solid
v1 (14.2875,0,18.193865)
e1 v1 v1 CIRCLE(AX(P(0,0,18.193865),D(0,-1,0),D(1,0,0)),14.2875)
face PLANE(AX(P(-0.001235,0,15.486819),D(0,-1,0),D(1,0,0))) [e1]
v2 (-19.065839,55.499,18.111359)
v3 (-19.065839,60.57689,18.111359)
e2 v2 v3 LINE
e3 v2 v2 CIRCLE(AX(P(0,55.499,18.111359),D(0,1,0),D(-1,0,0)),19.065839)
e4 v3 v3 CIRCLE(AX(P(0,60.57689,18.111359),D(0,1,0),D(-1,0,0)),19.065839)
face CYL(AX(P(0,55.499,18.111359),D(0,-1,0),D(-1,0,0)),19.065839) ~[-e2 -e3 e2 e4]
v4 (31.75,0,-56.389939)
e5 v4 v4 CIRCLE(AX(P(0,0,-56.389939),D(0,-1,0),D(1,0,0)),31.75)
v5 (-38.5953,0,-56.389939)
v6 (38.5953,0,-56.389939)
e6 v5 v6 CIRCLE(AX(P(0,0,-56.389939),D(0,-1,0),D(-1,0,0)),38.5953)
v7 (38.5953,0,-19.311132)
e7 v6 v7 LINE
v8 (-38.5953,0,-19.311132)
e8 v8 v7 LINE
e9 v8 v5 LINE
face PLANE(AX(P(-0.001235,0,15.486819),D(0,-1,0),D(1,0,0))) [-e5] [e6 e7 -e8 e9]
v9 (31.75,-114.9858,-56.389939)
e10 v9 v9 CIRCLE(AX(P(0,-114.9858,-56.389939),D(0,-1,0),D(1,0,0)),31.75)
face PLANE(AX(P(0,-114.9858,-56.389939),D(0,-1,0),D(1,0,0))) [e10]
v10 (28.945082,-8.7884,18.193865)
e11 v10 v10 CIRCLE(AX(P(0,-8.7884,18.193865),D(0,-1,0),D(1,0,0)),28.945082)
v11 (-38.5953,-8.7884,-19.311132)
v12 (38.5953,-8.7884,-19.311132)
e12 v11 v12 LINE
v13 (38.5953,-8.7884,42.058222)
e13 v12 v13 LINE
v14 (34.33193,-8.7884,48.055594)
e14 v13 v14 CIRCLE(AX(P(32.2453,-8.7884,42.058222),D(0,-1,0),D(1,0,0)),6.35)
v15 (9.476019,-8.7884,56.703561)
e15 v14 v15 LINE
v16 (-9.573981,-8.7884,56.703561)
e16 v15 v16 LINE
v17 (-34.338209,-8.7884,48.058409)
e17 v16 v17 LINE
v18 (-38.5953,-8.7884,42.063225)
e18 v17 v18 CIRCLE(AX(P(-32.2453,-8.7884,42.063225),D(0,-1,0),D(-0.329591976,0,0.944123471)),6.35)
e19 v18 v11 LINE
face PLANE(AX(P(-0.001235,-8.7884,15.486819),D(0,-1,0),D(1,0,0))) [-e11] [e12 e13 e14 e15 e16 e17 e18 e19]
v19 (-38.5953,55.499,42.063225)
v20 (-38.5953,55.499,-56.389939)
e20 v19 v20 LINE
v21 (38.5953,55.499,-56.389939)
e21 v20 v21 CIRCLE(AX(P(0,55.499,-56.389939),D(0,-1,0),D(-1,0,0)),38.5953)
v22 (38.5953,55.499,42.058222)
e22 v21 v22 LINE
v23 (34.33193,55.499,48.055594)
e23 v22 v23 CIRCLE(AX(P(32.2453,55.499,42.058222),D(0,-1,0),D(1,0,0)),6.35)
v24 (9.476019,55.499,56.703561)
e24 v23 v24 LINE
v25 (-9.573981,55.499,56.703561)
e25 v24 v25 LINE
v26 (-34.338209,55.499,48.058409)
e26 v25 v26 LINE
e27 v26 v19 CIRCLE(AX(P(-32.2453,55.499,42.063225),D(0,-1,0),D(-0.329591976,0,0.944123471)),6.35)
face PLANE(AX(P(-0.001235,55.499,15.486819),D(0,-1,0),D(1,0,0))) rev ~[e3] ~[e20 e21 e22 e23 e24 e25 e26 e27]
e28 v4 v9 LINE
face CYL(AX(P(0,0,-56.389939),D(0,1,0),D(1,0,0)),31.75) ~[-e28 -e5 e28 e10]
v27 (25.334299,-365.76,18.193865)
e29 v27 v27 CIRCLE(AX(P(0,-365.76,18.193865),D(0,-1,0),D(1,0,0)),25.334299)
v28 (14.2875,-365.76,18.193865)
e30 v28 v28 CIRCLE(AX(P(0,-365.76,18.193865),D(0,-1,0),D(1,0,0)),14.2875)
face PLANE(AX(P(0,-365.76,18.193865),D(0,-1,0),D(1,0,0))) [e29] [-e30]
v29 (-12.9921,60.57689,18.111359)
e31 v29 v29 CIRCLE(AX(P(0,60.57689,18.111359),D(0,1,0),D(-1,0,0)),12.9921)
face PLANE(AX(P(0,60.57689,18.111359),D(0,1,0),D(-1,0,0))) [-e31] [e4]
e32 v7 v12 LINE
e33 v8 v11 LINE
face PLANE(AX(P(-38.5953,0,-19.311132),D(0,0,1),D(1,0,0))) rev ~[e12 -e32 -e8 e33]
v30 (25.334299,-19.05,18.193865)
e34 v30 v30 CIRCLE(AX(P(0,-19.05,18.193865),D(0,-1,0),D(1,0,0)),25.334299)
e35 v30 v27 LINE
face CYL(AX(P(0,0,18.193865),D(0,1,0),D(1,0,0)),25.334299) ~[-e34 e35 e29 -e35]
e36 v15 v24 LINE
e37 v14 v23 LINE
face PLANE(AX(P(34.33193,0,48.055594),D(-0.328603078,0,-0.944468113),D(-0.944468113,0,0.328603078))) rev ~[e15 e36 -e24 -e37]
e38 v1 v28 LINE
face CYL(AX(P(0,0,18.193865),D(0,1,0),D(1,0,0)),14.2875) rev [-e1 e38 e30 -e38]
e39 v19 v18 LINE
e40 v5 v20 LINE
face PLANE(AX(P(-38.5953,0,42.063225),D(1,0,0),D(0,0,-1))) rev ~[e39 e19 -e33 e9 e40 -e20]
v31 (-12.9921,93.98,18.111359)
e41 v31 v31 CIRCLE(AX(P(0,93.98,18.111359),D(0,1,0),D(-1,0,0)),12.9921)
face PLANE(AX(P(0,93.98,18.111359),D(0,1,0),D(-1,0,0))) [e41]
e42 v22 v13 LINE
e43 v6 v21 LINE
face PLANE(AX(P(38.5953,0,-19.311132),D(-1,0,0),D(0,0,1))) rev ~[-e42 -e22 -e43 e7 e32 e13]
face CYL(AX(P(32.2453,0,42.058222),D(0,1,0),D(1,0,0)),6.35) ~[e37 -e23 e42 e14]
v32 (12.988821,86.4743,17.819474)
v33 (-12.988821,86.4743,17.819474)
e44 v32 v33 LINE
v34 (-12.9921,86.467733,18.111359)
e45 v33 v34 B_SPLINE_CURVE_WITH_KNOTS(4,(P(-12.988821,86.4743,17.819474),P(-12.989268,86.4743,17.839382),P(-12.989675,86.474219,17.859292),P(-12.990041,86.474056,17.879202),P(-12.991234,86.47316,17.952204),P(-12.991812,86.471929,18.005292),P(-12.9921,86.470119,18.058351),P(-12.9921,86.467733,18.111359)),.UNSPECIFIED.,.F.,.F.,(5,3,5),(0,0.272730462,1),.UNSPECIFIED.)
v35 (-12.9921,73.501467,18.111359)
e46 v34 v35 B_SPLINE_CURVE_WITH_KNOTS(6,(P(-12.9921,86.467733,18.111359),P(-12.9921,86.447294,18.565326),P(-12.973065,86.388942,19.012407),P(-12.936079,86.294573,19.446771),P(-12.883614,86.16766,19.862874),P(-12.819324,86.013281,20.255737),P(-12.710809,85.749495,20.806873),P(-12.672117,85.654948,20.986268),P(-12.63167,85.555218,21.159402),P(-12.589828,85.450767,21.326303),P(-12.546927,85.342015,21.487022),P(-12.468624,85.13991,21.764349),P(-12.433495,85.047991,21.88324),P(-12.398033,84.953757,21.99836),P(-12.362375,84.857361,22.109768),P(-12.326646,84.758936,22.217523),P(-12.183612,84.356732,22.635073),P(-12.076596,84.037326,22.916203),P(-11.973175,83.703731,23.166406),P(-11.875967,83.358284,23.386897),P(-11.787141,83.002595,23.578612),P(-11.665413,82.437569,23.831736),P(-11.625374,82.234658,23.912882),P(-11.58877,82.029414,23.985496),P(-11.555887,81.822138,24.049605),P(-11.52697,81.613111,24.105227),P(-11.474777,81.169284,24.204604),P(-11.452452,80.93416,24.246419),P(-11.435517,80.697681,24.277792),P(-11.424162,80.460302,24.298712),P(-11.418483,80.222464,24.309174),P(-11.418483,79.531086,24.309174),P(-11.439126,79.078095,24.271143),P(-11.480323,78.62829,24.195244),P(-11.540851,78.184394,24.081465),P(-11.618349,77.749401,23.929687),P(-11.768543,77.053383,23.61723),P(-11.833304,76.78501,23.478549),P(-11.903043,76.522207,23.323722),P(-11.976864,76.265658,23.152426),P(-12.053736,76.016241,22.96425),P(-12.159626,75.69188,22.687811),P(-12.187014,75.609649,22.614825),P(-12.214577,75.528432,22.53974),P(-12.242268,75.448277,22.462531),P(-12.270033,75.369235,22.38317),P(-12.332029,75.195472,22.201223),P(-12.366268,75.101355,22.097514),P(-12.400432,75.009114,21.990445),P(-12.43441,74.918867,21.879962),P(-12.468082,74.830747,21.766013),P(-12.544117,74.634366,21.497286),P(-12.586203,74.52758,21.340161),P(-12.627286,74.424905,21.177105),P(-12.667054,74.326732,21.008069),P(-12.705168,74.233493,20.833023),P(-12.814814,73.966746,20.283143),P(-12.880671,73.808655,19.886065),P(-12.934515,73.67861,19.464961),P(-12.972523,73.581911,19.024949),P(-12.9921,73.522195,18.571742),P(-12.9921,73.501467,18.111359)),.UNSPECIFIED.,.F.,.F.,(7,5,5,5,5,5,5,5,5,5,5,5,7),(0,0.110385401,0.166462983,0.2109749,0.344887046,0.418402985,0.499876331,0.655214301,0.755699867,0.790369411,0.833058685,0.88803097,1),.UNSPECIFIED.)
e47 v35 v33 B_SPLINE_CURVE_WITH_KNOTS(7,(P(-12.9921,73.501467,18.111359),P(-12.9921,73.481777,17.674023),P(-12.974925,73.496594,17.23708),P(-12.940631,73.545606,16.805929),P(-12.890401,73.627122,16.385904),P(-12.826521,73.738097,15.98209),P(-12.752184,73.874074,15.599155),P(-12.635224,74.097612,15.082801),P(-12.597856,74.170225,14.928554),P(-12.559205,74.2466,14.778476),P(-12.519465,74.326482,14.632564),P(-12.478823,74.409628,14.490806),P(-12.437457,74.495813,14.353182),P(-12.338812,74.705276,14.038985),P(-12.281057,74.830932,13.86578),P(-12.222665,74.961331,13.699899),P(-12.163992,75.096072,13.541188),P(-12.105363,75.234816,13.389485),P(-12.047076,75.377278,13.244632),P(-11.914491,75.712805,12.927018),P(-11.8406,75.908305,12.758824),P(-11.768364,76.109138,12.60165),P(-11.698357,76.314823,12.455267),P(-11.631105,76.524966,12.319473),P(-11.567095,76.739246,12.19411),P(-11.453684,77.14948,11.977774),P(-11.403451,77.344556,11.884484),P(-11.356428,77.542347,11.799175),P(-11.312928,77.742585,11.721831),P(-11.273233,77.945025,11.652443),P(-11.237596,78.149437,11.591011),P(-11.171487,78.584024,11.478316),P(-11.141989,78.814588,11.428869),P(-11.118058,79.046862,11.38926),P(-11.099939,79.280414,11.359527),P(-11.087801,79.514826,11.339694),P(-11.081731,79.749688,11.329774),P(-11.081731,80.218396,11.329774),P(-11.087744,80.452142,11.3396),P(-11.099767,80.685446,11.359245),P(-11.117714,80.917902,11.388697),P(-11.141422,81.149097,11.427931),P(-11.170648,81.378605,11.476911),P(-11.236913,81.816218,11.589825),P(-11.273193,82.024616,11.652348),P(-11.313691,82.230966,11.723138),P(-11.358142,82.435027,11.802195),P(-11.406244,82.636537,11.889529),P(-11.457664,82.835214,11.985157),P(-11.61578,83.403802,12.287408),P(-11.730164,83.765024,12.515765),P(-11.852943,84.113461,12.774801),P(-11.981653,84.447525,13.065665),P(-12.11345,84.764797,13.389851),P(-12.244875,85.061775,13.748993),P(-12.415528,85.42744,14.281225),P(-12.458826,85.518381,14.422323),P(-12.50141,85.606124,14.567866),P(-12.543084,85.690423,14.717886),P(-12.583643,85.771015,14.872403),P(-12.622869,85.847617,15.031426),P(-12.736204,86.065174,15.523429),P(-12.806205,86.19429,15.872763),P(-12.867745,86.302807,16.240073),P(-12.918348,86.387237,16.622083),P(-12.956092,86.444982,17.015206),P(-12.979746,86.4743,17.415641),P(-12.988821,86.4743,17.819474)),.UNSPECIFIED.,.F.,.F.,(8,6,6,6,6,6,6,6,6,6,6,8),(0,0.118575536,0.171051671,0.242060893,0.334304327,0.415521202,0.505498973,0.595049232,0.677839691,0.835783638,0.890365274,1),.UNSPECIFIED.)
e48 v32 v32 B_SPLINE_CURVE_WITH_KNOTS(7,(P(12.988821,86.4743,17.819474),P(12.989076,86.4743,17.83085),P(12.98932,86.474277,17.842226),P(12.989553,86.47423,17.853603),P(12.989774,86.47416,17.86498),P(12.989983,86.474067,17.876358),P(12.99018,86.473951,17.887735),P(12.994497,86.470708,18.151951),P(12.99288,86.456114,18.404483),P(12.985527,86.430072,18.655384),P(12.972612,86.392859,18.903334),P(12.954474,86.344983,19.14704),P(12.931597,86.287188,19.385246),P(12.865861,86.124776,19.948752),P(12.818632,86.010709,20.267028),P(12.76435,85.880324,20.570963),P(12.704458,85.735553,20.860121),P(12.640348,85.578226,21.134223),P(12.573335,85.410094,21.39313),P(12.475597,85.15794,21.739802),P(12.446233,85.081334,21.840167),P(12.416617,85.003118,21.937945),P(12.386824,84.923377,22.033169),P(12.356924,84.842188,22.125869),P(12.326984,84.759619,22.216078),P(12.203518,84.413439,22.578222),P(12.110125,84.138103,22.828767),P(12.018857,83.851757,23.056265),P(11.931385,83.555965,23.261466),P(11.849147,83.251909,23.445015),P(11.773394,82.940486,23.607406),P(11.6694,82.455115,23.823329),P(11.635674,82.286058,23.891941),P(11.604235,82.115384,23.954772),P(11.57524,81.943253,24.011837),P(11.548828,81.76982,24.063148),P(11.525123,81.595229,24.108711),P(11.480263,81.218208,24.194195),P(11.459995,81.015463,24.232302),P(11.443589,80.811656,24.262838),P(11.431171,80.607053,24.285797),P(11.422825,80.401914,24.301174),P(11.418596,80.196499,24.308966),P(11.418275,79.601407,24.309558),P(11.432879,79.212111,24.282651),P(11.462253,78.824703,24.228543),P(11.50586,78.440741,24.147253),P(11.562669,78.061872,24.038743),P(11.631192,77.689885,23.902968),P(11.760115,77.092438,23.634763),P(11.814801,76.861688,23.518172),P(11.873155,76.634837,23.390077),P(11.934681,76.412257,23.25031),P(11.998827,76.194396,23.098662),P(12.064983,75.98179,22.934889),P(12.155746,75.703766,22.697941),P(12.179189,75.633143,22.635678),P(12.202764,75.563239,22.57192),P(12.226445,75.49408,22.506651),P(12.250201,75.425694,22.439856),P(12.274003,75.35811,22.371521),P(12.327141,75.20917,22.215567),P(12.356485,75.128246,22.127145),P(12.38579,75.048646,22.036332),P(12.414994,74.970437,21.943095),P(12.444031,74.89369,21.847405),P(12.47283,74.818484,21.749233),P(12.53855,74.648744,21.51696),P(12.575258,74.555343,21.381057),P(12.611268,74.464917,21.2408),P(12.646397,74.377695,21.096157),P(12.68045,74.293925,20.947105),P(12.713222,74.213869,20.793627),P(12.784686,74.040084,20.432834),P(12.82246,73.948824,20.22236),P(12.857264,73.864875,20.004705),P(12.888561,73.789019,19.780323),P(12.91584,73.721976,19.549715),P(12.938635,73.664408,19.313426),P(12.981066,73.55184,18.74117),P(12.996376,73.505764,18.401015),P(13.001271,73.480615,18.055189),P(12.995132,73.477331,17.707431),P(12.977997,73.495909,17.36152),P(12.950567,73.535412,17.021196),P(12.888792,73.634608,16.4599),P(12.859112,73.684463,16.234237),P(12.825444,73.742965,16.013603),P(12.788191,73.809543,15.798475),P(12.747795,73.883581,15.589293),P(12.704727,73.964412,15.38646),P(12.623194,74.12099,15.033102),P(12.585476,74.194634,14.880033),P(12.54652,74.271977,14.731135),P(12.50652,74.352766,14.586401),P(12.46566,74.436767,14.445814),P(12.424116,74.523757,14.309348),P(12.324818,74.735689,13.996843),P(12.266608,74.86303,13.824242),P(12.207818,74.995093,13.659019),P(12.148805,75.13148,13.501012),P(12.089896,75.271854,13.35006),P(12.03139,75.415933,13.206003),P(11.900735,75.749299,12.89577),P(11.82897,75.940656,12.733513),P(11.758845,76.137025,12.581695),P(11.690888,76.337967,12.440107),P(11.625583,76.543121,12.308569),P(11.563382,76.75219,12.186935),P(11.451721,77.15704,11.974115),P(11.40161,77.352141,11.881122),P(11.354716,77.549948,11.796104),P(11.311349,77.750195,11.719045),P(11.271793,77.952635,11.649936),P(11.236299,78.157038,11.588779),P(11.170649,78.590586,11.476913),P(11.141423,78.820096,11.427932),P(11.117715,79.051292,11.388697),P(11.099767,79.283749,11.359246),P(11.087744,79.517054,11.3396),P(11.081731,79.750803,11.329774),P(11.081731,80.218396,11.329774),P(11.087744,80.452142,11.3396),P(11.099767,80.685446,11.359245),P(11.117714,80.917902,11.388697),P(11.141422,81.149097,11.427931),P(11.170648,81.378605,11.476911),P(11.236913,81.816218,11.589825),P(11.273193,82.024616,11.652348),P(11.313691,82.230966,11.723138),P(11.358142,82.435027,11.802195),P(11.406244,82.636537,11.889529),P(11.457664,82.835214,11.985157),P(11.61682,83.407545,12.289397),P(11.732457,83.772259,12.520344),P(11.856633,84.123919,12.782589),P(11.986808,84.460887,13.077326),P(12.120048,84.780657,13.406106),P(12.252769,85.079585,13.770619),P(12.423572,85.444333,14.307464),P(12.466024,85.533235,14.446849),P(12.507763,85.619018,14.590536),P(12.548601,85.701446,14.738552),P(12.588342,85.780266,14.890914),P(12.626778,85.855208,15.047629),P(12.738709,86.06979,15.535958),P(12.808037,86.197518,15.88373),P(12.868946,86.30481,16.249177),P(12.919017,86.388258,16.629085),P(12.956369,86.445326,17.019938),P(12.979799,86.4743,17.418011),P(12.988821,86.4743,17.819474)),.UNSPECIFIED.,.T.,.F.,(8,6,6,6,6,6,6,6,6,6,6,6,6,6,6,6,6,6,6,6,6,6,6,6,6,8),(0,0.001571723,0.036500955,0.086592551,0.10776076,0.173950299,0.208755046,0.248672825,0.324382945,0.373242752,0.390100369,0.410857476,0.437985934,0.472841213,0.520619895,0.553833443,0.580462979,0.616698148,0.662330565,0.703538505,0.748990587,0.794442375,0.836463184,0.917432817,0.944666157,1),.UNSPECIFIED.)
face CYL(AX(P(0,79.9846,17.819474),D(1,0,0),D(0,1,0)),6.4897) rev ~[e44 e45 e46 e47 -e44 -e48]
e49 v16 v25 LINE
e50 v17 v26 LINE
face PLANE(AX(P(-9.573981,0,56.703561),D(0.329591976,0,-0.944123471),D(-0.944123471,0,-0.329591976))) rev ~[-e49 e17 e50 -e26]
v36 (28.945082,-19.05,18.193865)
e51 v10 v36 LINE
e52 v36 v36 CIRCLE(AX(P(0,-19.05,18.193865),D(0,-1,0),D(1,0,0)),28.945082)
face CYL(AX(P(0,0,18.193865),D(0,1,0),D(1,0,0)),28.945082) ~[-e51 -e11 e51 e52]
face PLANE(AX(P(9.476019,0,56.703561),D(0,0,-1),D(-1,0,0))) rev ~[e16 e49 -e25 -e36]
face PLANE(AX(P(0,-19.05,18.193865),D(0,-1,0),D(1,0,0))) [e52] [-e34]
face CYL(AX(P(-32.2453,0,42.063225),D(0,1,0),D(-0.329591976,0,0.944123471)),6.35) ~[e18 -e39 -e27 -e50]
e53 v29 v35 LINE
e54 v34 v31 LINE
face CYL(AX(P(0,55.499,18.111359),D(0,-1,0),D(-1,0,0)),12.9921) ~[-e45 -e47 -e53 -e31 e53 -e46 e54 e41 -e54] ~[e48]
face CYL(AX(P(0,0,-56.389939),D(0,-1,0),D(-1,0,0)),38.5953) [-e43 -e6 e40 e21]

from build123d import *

# Parameters (mm, degrees)
F0_R      = 28.9450820598
F0_R_2    = 31.75
F0_R_3    = 25.3342985941
F0_R_4    = 14.2875
F1_DEPTH  = 55.499
F2_DEPTH  = 114.9858
F3_DEPTH  = 365.76
F4_DEPTH  = 8.7884
F5_DEPTH  = 19.05
F6_R      = 12.9921
F7_DEPTH  = 38.481
F6_R_2    = 19.0658392813
F8_DEPTH  = 5.07789
F9_R      = 6.4897
F10_DEPTH = 25.4
F11_DEPTH = 25.4


with BuildPart() as f1:
    # F0 (on Front) → F1 (new body)
    with BuildSketch(Plane.XZ):
        with BuildLine():
            ThreePointArc((-34.3382090481, 48.0584091192), (-37.4227739234, 45.7396722427), (-38.5953, 42.0632250756))
            Line((-38.5953, 42.0632250756), (-38.5953, -19.3111319095))
            Line((-38.5953, -19.3111319095), (38.5953, -19.3111319095))
            Line((38.5953, -19.3111319095), (38.5953, 42.0582217318))
            ThreePointArc((38.5953, 42.0582217318), (37.4208481647, 45.7373794064), (34.331929545, 48.0555942517))
            Line((34.331929545, 48.0555942517), (9.4760187225, 56.7035609601))
            Line((9.4760187225, 56.7035609601), (-9.5739812775, 56.7035609601))
            Line((-9.5739812775, 56.7035609601), (-34.3382090481, 48.0584091192))
        make_face()
        with Locations((0, 18.1938651949)):
            Circle(F0_R, mode=Mode.SUBTRACT)
        with BuildLine():
            Line((38.5953, -19.3111319095), (-38.5953, -19.3111319095))
            Line((-38.5953, -19.3111319095), (-38.5953, -56.3899390399))
            ThreePointArc((-38.5953, -56.3899390399), (0, -94.9852390399), (38.5953, -56.3899390399))
            Line((38.5953, -56.3899390399), (38.5953, -19.3111319095))
        make_face()
        with Locations((0, -56.3899390399)):
            Circle(F0_R_2, mode=Mode.SUBTRACT)
        with Locations((0, -56.3899390399)):
            Circle(F0_R_2)
        with Locations((0, 18.1938651949)):
            Circle(F0_R)
        with Locations((0, 18.1938651949)):
            Circle(F0_R_3, mode=Mode.SUBTRACT)
        with Locations((0, 18.1938651949)):
            Circle(F0_R_3)
        with Locations((0, 18.1938651949)):
            Circle(F0_R_4, mode=Mode.SUBTRACT)
        with Locations((0, 18.1938651949)):
            Circle(F0_R_4)
    extrude(amount=-F1_DEPTH)

    # F0 (on Front) → F2 (join)
    with BuildSketch(Plane.XZ):
        with Locations((0, -56.3899390399)):
            Circle(F0_R_2)
    extrude(amount=F2_DEPTH)

    # F0 (on Front) → F3 (join)
    with BuildSketch(Plane.XZ):
        with Locations((0, 18.1938651949)):
            Circle(F0_R_3)
        with Locations((0, 18.1938651949)):
            Circle(F0_R_4, mode=Mode.SUBTRACT)
    extrude(amount=F3_DEPTH)

    # F0 (on Front) → F4 (join)
    with BuildSketch(Plane.XZ):
        with BuildLine():
            ThreePointArc((-34.3382090481, 48.0584091192), (-37.4227739234, 45.7396722427), (-38.5953, 42.0632250756))
            Line((-38.5953, 42.0632250756), (-38.5953, -19.3111319095))
            Line((-38.5953, -19.3111319095), (38.5953, -19.3111319095))
            Line((38.5953, -19.3111319095), (38.5953, 42.0582217318))
            ThreePointArc((38.5953, 42.0582217318), (37.4208481647, 45.7373794064), (34.331929545, 48.0555942517))
            Line((34.331929545, 48.0555942517), (9.4760187225, 56.7035609601))
            Line((9.4760187225, 56.7035609601), (-9.5739812775, 56.7035609601))
            Line((-9.5739812775, 56.7035609601), (-34.3382090481, 48.0584091192))
        make_face()
        with Locations((0, 18.1938651949)):
            Circle(F0_R, mode=Mode.SUBTRACT)
    extrude(amount=F4_DEPTH)

    # F0 (on Front) → F5 (join)
    with BuildSketch(Plane.XZ):
        with Locations((0, 18.1938651949)):
            Circle(F0_R)
        with Locations((0, 18.1938651949)):
            Circle(F0_R_3, mode=Mode.SUBTRACT)
    extrude(amount=F5_DEPTH)

    # F6 (on face) → F7 (join)
    with BuildSketch(Plane(origin=(0, 55.499, 0), x_dir=(-1, 0, 0), z_dir=(0, 1, 0))):
        with Locations((0, 18.111359328)):
            Circle(F6_R)
    extrude(amount=F7_DEPTH)

    # F6 (on face) → F8 (join)
    with BuildSketch(Plane(origin=(0, 55.499, 0), x_dir=(-1, 0, 0), z_dir=(0, 1, 0))):
        with Locations((0, 18.111359328)):
            Circle(F6_R_2)
        with Locations((0, 18.111359328)):
            Circle(F6_R, mode=Mode.SUBTRACT)
    extrude(amount=F8_DEPTH)

    # F9 (on Right) → F10 (cut)
    with BuildSketch(Plane.YZ):
        with Locations((79.9846, 17.8194735199)):
            Circle(F9_R)
    extrude(amount=-F10_DEPTH, mode=Mode.SUBTRACT)

    # F9 (on Right) → F11 (cut, symmetric)
    with BuildSketch(Plane.YZ):
        with Locations((79.9846, 17.8194735199)):
            Circle(F9_R)
    extrude(amount=F11_DEPTH, both=True, mode=Mode.SUBTRACT)


solid = f1.part
